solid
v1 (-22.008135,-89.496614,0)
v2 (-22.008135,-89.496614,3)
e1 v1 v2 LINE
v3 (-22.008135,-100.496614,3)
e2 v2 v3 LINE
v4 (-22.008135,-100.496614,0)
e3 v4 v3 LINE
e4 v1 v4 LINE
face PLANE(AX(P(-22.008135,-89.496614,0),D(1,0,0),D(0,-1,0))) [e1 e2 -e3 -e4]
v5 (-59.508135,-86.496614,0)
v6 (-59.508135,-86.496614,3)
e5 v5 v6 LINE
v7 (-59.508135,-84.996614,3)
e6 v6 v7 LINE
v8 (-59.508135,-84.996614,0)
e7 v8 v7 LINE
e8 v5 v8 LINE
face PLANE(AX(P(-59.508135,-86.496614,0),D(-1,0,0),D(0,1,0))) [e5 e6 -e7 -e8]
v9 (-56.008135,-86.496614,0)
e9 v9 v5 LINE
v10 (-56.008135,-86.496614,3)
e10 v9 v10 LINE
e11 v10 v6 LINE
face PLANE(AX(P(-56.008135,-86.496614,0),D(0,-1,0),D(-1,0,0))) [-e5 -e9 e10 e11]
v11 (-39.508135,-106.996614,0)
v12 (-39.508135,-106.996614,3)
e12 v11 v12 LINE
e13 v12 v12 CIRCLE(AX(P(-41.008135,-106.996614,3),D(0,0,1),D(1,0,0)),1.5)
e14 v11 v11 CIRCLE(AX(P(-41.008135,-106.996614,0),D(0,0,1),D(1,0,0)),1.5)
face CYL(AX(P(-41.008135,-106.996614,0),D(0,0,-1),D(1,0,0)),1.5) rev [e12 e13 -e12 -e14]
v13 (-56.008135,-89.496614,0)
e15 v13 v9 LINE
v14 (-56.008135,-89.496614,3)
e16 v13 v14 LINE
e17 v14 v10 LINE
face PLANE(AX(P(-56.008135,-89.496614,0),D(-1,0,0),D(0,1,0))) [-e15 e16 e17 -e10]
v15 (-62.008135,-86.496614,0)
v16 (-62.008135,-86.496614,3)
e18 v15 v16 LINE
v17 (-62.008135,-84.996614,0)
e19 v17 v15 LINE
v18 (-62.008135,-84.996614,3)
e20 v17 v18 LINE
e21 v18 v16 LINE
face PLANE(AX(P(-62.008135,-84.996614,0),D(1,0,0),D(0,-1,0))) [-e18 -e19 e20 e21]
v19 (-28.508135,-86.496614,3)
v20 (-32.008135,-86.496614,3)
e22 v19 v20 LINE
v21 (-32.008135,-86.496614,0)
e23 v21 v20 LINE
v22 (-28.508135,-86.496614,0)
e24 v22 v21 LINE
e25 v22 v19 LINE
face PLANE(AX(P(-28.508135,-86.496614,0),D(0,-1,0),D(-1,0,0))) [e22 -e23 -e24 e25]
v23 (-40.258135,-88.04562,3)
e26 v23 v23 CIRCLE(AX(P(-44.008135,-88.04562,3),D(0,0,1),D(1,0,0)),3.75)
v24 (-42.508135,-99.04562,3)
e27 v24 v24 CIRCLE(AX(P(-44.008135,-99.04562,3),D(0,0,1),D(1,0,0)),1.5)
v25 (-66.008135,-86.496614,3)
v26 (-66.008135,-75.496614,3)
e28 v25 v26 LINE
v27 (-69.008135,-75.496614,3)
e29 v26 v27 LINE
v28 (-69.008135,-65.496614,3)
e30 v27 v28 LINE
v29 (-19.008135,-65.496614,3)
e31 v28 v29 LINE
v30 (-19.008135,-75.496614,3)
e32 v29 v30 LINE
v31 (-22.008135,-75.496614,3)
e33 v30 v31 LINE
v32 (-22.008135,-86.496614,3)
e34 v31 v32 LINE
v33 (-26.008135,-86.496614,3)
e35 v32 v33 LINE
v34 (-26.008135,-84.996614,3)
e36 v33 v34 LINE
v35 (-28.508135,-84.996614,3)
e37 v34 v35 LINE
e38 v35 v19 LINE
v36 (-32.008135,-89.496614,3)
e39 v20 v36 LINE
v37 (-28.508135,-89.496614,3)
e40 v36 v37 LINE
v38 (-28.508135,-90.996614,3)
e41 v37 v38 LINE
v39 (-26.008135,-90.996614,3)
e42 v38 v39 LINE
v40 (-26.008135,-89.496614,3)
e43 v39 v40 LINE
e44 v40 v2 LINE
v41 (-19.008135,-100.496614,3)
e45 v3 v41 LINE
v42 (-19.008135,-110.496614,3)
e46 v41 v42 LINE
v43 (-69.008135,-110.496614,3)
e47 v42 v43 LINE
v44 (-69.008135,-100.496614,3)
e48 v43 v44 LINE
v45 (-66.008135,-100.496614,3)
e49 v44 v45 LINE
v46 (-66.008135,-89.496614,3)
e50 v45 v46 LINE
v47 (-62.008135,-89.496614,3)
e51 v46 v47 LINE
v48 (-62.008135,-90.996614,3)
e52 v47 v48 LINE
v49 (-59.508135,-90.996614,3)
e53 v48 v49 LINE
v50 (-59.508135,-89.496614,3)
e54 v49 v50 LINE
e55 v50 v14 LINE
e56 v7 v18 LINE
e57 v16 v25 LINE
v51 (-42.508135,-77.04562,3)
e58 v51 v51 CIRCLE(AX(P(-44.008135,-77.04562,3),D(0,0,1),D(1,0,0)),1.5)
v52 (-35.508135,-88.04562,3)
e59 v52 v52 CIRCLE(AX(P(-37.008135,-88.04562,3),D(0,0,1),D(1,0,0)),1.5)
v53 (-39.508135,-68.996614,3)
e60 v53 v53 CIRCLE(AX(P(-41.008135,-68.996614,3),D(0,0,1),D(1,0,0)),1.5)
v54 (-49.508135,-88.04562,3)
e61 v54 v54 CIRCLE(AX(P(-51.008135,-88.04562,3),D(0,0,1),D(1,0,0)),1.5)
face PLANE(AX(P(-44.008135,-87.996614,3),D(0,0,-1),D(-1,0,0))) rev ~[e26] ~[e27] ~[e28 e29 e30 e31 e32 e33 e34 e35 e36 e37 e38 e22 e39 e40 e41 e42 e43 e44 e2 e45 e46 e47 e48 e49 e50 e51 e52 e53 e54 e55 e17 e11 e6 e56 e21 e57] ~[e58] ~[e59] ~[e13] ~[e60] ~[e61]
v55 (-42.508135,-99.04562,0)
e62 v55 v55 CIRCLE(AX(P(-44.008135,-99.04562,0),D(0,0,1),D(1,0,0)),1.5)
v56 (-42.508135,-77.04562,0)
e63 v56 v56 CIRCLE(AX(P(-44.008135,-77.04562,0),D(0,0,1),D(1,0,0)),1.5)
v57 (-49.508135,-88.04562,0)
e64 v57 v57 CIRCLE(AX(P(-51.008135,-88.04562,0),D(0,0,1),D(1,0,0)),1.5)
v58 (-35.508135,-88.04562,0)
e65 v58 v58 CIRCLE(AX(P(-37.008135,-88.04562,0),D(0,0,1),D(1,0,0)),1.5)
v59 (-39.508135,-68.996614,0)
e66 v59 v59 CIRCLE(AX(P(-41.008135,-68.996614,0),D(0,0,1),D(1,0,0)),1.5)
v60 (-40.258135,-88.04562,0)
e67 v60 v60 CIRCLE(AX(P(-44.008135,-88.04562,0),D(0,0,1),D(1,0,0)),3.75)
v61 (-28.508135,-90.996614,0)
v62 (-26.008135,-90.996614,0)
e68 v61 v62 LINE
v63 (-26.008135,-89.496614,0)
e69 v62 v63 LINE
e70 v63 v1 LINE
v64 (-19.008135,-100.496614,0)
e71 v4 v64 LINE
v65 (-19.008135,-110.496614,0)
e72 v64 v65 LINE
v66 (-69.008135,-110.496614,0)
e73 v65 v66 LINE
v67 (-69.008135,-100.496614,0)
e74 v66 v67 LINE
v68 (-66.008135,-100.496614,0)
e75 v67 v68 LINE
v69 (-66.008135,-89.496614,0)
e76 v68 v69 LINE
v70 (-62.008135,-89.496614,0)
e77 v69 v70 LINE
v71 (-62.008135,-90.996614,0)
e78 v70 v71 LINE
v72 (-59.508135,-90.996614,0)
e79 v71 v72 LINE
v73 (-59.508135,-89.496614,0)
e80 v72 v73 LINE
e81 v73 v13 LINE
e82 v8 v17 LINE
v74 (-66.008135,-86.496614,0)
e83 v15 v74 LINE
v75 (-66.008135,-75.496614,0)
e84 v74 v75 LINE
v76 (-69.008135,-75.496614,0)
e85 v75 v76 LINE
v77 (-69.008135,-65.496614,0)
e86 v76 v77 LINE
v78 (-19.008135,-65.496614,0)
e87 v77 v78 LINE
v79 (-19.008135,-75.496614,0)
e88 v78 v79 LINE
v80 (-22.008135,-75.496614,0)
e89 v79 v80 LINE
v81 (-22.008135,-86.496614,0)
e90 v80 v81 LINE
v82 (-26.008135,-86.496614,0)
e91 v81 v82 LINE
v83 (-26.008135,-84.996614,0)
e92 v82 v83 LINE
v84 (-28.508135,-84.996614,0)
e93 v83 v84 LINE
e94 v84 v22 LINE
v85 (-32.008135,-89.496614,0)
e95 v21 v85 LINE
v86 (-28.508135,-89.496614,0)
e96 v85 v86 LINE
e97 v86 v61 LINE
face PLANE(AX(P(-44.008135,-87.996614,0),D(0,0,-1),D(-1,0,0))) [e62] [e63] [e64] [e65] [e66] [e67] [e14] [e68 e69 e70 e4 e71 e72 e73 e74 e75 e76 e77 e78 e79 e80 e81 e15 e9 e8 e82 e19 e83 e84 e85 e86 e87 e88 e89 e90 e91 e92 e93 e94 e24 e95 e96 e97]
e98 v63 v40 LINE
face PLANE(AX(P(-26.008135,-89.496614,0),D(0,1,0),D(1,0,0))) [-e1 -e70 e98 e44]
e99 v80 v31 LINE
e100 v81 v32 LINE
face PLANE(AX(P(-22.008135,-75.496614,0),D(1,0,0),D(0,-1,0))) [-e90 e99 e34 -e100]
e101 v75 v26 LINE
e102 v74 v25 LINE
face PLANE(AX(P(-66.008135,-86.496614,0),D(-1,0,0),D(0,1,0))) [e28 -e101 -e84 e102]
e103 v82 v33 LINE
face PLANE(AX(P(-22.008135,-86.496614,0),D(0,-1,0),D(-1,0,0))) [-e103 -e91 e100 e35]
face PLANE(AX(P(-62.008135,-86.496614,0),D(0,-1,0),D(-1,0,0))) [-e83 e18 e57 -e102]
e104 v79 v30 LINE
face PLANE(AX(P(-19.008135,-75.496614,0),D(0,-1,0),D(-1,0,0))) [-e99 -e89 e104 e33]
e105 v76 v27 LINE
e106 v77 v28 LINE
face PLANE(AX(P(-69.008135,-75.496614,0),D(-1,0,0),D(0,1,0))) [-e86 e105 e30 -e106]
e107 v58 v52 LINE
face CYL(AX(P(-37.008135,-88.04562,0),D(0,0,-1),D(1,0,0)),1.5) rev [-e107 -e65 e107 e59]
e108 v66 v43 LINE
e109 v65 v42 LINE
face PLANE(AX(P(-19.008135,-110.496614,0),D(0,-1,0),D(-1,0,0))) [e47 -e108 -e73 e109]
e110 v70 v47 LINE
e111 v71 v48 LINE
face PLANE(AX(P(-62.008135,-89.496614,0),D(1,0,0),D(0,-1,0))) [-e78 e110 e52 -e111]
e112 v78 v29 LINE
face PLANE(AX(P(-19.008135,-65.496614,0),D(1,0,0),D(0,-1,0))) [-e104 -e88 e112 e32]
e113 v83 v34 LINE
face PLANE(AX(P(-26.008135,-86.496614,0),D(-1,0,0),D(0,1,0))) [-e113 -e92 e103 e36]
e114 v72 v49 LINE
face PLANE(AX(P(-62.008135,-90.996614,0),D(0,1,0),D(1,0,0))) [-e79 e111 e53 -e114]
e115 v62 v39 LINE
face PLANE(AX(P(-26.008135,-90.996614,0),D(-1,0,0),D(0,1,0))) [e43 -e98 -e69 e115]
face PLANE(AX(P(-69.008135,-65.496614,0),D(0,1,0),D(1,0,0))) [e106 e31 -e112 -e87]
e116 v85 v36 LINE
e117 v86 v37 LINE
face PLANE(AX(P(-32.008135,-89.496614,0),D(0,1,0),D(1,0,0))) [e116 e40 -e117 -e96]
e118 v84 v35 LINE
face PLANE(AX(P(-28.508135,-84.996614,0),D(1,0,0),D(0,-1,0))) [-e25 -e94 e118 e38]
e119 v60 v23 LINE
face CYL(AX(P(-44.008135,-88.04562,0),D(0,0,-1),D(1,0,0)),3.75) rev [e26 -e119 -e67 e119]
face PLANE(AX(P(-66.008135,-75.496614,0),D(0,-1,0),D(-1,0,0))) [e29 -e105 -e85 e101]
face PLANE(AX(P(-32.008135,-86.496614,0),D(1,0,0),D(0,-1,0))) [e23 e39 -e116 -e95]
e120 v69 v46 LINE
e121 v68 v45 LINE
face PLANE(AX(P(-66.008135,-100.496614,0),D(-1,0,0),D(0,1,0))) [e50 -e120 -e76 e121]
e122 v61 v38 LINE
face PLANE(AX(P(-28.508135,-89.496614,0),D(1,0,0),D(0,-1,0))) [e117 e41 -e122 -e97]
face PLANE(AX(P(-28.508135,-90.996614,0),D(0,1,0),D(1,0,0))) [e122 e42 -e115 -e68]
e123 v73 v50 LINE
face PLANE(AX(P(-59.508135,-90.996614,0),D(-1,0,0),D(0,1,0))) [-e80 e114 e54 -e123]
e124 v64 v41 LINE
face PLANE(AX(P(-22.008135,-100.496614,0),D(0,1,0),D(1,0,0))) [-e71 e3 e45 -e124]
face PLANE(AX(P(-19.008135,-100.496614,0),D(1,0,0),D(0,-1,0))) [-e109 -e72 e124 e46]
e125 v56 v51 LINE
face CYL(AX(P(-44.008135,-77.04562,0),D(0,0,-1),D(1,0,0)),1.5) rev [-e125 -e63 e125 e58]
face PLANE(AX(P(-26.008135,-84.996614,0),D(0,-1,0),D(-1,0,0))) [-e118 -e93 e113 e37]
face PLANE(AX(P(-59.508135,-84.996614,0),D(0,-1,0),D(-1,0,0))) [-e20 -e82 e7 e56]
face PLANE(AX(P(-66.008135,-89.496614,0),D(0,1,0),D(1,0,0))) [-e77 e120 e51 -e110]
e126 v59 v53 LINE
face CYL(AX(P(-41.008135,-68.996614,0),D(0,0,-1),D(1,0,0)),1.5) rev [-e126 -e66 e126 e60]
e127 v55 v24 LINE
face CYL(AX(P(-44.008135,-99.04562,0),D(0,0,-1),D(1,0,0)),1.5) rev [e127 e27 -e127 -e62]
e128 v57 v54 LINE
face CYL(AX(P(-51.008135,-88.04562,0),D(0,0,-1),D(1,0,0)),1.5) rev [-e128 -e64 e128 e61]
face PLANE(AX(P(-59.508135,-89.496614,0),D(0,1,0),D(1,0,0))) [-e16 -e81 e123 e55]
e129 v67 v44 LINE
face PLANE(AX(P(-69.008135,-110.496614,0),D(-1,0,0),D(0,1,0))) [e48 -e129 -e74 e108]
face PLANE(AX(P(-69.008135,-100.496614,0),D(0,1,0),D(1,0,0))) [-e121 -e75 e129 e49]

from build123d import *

# Parameters (mm, degrees)
ESQUISSE11_R        = 3.75
ESQUISSE11_R_2      = 1.5
BOSS_EXTRU_11_DEPTH = 3


with BuildPart() as part:
    # Esquisse11 → Boss.-Extru.11 (new body)
    with BuildSketch(Plane.XY):
        Polygon((-66.008134961, -86.49661352), (-66.008134961, -75.49661352), (-69.008134961, -75.49661352), (-69.008134961, -65.49661352), (-19.008134961, -65.49661352), (-19.008134961, -75.49661352), (-22.008134961, -75.49661352), (-22.008134961, -86.49661352), (-26.008134961, -86.49661352), (-26.008134961, -84.99661352), (-28.508134961, -84.99661352), (-28.508134961, -86.49661352), (-32.008134961, -86.49661352), (-32.008134961, -89.49661352), (-28.508134961, -89.49661352), (-28.508134961, -90.99661352), (-26.008134961, -90.99661352), (-26.008134961, -89.49661352), (-22.008134961, -89.49661352), (-22.008134961, -100.49661352), (-19.008134961, -100.49661352), (-19.008134961, -110.49661352), (-69.008134961, -110.49661352), (-69.008134961, -100.49661352), (-66.008134961, -100.49661352), (-66.008134961, -89.49661352), (-62.008134961, -89.49661352), (-62.008134961, -90.99661352), (-59.508134961, -90.99661352), (-59.508134961, -89.49661352), (-56.008134961, -89.49661352), (-56.008134961, -86.49661352), (-59.508134961, -86.49661352), (-59.508134961, -84.99661352), (-62.008134961, -84.99661352), (-62.008134961, -86.49661352), align=None)
        with Locations((-44.008134961, -88.045619642)):
            Circle(ESQUISSE11_R, mode=Mode.SUBTRACT)
        with Locations((-37.008134961, -88.045619642)):
            Circle(ESQUISSE11_R_2, mode=Mode.SUBTRACT)
        with Locations((-51.008134961, -88.045619642)):
            Circle(ESQUISSE11_R_2, mode=Mode.SUBTRACT)
        with Locations((-44.008134961, -77.045619642)):
            Circle(ESQUISSE11_R_2, mode=Mode.SUBTRACT)
        with Locations((-44.008134961, -99.045619642)):
            Circle(ESQUISSE11_R_2, mode=Mode.SUBTRACT)
        with Locations((-41.008134961, -68.99661352)):
            Circle(ESQUISSE11_R_2, mode=Mode.SUBTRACT)
        with Locations((-41.008134961, -106.99661352)):
            Circle(ESQUISSE11_R_2, mode=Mode.SUBTRACT)
    extrude(amount=BOSS_EXTRU_11_DEPTH)


solid = part.part
